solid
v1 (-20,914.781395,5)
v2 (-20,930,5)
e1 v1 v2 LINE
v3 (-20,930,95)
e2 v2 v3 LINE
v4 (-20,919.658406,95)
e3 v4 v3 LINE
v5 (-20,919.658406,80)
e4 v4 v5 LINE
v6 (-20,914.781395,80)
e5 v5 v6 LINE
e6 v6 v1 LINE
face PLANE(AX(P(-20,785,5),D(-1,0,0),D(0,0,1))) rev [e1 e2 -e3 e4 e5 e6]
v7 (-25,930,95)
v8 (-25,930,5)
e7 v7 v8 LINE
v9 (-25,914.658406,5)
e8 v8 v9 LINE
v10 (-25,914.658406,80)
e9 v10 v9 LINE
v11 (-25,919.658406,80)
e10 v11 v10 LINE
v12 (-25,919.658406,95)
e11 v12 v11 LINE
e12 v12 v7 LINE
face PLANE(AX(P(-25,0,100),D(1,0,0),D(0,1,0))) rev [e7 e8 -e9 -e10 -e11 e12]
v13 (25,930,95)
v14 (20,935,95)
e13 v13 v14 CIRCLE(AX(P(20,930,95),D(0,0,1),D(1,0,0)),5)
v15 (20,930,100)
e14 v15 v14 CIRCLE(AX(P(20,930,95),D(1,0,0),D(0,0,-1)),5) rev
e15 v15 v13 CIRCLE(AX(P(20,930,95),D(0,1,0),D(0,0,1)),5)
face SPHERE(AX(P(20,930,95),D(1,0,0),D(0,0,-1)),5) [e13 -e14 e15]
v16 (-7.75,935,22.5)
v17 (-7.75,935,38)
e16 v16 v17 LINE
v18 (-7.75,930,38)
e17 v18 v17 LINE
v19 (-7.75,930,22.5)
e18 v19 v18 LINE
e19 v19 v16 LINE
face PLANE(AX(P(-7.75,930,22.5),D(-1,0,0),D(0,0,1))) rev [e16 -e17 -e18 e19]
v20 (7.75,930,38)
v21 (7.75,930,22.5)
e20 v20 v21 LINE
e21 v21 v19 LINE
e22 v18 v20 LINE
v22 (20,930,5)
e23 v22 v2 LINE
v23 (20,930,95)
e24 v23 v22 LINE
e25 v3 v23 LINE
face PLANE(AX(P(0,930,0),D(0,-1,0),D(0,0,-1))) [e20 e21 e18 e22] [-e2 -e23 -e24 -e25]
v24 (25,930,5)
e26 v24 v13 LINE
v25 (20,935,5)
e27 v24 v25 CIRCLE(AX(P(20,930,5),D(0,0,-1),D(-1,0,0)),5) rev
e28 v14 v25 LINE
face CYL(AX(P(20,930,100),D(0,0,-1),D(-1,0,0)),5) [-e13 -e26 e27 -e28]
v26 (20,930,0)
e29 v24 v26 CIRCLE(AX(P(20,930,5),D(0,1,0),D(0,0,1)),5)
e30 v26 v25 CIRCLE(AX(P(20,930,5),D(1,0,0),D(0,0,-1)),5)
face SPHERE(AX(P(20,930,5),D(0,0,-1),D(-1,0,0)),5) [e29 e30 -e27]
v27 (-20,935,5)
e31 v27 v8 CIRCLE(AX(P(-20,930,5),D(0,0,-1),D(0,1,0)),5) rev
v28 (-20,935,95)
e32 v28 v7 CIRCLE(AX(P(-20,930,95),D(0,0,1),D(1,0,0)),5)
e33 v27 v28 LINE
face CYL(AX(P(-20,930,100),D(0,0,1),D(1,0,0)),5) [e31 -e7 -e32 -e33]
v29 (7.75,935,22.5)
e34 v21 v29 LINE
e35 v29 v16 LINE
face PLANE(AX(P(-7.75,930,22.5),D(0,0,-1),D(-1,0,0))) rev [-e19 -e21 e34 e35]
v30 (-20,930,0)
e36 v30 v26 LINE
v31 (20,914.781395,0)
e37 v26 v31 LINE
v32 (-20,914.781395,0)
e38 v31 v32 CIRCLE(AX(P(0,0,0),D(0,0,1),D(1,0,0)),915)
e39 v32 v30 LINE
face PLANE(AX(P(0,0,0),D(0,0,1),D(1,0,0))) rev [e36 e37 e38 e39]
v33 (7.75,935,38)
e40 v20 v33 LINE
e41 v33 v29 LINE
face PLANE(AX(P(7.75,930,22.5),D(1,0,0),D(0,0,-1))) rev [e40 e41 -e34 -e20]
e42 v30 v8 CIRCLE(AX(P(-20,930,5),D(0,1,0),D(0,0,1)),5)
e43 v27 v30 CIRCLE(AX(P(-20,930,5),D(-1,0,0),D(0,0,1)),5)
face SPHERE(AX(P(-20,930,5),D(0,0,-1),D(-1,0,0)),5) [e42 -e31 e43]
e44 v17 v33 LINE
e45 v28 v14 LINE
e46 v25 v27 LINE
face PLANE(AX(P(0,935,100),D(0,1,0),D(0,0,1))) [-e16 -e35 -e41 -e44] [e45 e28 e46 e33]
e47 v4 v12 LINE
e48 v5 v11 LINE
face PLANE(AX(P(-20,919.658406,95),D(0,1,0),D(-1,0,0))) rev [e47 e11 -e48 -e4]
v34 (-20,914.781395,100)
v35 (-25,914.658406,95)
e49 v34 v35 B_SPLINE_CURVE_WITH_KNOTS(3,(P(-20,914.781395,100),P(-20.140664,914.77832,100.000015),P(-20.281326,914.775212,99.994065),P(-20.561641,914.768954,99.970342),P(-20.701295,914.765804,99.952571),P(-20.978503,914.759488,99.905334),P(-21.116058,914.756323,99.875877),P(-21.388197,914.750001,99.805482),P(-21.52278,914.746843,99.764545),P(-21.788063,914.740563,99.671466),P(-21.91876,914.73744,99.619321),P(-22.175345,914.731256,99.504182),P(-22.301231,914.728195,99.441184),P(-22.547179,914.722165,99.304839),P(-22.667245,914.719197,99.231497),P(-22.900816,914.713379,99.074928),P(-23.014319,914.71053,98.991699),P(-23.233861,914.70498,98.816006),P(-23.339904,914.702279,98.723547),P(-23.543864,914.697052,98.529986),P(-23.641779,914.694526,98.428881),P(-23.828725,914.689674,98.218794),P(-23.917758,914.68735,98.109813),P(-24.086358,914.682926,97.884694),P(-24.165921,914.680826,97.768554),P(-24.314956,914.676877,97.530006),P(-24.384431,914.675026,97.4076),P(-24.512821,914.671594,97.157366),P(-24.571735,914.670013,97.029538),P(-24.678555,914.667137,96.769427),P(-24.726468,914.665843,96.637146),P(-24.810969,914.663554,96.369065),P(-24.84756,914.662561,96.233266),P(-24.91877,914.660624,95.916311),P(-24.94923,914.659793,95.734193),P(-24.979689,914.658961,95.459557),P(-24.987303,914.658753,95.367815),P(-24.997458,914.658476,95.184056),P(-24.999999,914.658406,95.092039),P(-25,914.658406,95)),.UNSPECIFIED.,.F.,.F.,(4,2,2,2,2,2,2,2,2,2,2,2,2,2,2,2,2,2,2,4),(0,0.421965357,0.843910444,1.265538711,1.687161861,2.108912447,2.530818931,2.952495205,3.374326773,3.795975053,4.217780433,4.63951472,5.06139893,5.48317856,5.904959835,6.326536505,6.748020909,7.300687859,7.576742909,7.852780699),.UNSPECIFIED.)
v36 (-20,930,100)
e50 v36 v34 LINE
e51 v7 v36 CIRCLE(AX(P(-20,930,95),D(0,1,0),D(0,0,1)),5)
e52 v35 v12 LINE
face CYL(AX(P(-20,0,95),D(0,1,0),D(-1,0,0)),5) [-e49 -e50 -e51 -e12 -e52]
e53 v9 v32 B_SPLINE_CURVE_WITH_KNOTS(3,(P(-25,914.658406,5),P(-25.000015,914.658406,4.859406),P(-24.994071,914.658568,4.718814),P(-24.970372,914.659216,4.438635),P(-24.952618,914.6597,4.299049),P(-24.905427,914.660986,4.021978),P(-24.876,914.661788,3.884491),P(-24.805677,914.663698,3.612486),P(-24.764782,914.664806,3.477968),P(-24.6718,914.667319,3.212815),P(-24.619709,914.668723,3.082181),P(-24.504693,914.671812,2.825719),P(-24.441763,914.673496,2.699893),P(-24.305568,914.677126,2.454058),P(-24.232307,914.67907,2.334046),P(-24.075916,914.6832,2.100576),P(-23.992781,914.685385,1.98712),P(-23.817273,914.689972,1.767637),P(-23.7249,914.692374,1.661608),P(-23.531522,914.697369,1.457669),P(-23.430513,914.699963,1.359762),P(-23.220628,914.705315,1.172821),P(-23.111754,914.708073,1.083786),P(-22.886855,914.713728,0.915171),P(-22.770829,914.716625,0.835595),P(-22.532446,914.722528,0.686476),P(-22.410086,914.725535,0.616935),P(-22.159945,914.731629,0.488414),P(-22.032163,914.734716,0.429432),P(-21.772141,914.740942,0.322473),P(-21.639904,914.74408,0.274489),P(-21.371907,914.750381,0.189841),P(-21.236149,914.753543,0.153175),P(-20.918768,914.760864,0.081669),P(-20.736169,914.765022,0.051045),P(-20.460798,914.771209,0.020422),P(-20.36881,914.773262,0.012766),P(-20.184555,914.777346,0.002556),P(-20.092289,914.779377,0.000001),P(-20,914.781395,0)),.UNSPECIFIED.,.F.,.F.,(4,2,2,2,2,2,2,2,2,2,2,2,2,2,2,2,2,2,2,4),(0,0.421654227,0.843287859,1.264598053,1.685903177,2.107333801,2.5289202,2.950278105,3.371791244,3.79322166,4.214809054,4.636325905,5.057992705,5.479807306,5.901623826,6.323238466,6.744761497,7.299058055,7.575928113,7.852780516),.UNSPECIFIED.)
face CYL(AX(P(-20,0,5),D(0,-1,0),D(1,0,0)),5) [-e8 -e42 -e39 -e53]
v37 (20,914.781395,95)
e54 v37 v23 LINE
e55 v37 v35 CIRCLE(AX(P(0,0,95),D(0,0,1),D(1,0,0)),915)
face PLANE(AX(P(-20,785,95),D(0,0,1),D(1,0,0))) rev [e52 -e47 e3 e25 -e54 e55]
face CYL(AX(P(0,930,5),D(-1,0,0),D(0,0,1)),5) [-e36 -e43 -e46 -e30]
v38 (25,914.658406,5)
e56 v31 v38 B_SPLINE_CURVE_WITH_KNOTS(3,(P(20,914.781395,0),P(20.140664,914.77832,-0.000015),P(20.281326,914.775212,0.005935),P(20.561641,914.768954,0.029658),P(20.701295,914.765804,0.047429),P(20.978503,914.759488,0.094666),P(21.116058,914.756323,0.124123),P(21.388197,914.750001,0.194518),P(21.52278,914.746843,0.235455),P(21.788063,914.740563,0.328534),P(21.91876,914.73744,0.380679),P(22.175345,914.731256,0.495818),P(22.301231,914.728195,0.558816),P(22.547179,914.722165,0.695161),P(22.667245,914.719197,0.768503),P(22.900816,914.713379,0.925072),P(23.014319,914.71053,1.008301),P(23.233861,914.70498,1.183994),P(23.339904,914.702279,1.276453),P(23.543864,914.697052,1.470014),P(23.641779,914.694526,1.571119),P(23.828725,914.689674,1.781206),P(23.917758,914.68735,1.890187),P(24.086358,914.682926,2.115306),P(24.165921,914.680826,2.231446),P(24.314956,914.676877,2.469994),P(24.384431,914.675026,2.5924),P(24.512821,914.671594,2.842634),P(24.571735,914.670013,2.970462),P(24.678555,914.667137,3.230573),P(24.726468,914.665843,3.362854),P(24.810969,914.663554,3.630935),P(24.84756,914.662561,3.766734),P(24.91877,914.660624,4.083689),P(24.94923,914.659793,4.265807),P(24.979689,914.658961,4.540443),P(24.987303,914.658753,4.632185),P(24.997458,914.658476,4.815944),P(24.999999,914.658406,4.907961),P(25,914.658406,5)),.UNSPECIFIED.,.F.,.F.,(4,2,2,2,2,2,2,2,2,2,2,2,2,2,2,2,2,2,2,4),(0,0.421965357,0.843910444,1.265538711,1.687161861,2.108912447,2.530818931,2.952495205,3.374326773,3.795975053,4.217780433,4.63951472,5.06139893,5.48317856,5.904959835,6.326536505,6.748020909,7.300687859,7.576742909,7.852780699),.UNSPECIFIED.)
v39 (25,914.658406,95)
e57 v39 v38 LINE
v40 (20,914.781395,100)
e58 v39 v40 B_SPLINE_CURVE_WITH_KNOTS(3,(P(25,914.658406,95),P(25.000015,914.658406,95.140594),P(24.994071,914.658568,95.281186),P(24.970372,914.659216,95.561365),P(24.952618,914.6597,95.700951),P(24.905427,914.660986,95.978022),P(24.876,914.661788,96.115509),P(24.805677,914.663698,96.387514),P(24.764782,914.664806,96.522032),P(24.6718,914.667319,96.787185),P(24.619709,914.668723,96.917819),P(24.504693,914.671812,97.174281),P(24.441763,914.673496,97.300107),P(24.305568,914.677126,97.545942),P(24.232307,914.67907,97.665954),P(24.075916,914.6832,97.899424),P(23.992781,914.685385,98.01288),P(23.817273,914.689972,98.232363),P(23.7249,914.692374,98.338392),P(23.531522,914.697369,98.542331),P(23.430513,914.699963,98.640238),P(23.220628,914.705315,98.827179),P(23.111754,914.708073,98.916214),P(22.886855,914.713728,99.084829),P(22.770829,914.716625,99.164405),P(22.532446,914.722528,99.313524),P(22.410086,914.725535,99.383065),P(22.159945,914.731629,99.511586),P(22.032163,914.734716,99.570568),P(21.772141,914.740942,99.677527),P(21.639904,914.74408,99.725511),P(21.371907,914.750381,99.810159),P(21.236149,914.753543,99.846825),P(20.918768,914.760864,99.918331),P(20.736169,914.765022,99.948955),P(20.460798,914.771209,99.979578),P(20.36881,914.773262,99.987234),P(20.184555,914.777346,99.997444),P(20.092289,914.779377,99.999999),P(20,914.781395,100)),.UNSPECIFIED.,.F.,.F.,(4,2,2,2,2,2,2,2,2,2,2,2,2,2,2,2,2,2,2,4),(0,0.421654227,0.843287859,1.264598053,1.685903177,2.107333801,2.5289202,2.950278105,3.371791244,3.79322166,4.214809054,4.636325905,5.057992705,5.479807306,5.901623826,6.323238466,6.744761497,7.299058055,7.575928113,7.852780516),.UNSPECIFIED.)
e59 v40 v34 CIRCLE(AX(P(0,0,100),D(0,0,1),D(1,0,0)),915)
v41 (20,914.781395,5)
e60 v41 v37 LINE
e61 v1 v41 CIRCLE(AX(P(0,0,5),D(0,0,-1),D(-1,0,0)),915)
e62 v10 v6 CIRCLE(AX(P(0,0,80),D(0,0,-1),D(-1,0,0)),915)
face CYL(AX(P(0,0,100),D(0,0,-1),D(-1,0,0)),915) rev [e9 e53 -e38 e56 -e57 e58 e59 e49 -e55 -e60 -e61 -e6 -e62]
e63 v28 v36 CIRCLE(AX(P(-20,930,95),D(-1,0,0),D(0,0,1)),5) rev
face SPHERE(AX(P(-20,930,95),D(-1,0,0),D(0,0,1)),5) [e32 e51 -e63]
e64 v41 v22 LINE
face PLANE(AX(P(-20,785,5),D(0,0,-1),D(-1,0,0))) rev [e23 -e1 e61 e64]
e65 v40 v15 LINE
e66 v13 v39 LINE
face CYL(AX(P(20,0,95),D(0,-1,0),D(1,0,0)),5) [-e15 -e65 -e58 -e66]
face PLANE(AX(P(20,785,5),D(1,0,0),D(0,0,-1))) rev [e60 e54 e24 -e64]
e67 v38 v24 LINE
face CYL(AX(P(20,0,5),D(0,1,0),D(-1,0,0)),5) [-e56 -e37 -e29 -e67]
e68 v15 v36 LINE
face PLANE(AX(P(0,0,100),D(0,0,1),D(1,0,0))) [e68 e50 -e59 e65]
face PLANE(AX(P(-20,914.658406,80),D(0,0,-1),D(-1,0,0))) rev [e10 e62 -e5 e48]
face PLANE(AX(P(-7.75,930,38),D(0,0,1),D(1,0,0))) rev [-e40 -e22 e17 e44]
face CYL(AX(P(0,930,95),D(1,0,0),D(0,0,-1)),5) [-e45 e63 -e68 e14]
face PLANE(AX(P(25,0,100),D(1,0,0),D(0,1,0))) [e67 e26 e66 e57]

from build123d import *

# Parameters (mm, degrees)
BOSS_EXTRUDE1_DEPTH = 100
SKETCH4_W           = 40
SKETCH4_H           = 90
CUT_EXTRUDE1_DEPTH  = 150
SKETCH6_W           = 50
SKETCH6_H           = 100
SKETCH6_W_2         = 15.5
SKETCH6_H_2         = 15.5
BOSS_EXTRUDE2_DEPTH = 5
FILLET1_R           = 5
SKETCH7_W           = 15
SKETCH7_H           = 5
CUT_EXTRUDE2_DEPTH  = 5


with BuildPart() as part:
    # Sketch3 → Boss-Extrude1 (new body)
    with BuildSketch(Plane.XY):
        with BuildLine():
            Line((25, 935), (-25, 935))
            Line((-25, 935), (-25, 914.658406182))
            ThreePointArc((-25, 914.658406182), (0, 915), (25, 914.658406182))
            Line((25, 914.658406182), (25, 935))
        make_face()
    extrude(amount=BOSS_EXTRUDE1_DEPTH)

    # Sketch4 → Cut-Extrude1 (cut)
    with BuildSketch(Plane(origin=(0, 935, 0), x_dir=(1, 0, 0), z_dir=(0, 1, 0))):
        with Locations((0, -50)):
            Rectangle(SKETCH4_W, SKETCH4_H)
    extrude(amount=-CUT_EXTRUDE1_DEPTH, mode=Mode.SUBTRACT)

    # Sketch6 → Boss-Extrude2 (add)
    with BuildSketch(Plane(origin=(0, 935, 0), x_dir=(1, 0, 0), z_dir=(0, 1, 0))):
        with Locations((0, -50)):
            Rectangle(SKETCH6_W, SKETCH6_H)
        with Locations((0, -30.25)):
            Rectangle(SKETCH6_W_2, SKETCH6_H_2, mode=Mode.SUBTRACT)
    extrude(amount=-BOSS_EXTRUDE2_DEPTH)

    # Fillet1
    fillet1_edges = [part.edges().sort_by_distance(p)[0] for p in [
        (25, 924.829203091, 100),
        (0, 935, 100),
        (-25, 924.829203091, 100),
        (-25, 924.829203091, 0),
        (0, 935, 0),
        (25, 924.829203091, 0),
        (-25, 935, 50),
        (25, 935, 50),
    ]]
    fillet(fillet1_edges, radius=FILLET1_R)

    # Sketch7 → Cut-Extrude2 (cut)
    with BuildSketch(Plane.ZY.offset(25)):
        with Locations((87.5, 917.158406182)):
            Rectangle(SKETCH7_W, SKETCH7_H)
    extrude(amount=-CUT_EXTRUDE2_DEPTH, mode=Mode.SUBTRACT)


solid = part.part
